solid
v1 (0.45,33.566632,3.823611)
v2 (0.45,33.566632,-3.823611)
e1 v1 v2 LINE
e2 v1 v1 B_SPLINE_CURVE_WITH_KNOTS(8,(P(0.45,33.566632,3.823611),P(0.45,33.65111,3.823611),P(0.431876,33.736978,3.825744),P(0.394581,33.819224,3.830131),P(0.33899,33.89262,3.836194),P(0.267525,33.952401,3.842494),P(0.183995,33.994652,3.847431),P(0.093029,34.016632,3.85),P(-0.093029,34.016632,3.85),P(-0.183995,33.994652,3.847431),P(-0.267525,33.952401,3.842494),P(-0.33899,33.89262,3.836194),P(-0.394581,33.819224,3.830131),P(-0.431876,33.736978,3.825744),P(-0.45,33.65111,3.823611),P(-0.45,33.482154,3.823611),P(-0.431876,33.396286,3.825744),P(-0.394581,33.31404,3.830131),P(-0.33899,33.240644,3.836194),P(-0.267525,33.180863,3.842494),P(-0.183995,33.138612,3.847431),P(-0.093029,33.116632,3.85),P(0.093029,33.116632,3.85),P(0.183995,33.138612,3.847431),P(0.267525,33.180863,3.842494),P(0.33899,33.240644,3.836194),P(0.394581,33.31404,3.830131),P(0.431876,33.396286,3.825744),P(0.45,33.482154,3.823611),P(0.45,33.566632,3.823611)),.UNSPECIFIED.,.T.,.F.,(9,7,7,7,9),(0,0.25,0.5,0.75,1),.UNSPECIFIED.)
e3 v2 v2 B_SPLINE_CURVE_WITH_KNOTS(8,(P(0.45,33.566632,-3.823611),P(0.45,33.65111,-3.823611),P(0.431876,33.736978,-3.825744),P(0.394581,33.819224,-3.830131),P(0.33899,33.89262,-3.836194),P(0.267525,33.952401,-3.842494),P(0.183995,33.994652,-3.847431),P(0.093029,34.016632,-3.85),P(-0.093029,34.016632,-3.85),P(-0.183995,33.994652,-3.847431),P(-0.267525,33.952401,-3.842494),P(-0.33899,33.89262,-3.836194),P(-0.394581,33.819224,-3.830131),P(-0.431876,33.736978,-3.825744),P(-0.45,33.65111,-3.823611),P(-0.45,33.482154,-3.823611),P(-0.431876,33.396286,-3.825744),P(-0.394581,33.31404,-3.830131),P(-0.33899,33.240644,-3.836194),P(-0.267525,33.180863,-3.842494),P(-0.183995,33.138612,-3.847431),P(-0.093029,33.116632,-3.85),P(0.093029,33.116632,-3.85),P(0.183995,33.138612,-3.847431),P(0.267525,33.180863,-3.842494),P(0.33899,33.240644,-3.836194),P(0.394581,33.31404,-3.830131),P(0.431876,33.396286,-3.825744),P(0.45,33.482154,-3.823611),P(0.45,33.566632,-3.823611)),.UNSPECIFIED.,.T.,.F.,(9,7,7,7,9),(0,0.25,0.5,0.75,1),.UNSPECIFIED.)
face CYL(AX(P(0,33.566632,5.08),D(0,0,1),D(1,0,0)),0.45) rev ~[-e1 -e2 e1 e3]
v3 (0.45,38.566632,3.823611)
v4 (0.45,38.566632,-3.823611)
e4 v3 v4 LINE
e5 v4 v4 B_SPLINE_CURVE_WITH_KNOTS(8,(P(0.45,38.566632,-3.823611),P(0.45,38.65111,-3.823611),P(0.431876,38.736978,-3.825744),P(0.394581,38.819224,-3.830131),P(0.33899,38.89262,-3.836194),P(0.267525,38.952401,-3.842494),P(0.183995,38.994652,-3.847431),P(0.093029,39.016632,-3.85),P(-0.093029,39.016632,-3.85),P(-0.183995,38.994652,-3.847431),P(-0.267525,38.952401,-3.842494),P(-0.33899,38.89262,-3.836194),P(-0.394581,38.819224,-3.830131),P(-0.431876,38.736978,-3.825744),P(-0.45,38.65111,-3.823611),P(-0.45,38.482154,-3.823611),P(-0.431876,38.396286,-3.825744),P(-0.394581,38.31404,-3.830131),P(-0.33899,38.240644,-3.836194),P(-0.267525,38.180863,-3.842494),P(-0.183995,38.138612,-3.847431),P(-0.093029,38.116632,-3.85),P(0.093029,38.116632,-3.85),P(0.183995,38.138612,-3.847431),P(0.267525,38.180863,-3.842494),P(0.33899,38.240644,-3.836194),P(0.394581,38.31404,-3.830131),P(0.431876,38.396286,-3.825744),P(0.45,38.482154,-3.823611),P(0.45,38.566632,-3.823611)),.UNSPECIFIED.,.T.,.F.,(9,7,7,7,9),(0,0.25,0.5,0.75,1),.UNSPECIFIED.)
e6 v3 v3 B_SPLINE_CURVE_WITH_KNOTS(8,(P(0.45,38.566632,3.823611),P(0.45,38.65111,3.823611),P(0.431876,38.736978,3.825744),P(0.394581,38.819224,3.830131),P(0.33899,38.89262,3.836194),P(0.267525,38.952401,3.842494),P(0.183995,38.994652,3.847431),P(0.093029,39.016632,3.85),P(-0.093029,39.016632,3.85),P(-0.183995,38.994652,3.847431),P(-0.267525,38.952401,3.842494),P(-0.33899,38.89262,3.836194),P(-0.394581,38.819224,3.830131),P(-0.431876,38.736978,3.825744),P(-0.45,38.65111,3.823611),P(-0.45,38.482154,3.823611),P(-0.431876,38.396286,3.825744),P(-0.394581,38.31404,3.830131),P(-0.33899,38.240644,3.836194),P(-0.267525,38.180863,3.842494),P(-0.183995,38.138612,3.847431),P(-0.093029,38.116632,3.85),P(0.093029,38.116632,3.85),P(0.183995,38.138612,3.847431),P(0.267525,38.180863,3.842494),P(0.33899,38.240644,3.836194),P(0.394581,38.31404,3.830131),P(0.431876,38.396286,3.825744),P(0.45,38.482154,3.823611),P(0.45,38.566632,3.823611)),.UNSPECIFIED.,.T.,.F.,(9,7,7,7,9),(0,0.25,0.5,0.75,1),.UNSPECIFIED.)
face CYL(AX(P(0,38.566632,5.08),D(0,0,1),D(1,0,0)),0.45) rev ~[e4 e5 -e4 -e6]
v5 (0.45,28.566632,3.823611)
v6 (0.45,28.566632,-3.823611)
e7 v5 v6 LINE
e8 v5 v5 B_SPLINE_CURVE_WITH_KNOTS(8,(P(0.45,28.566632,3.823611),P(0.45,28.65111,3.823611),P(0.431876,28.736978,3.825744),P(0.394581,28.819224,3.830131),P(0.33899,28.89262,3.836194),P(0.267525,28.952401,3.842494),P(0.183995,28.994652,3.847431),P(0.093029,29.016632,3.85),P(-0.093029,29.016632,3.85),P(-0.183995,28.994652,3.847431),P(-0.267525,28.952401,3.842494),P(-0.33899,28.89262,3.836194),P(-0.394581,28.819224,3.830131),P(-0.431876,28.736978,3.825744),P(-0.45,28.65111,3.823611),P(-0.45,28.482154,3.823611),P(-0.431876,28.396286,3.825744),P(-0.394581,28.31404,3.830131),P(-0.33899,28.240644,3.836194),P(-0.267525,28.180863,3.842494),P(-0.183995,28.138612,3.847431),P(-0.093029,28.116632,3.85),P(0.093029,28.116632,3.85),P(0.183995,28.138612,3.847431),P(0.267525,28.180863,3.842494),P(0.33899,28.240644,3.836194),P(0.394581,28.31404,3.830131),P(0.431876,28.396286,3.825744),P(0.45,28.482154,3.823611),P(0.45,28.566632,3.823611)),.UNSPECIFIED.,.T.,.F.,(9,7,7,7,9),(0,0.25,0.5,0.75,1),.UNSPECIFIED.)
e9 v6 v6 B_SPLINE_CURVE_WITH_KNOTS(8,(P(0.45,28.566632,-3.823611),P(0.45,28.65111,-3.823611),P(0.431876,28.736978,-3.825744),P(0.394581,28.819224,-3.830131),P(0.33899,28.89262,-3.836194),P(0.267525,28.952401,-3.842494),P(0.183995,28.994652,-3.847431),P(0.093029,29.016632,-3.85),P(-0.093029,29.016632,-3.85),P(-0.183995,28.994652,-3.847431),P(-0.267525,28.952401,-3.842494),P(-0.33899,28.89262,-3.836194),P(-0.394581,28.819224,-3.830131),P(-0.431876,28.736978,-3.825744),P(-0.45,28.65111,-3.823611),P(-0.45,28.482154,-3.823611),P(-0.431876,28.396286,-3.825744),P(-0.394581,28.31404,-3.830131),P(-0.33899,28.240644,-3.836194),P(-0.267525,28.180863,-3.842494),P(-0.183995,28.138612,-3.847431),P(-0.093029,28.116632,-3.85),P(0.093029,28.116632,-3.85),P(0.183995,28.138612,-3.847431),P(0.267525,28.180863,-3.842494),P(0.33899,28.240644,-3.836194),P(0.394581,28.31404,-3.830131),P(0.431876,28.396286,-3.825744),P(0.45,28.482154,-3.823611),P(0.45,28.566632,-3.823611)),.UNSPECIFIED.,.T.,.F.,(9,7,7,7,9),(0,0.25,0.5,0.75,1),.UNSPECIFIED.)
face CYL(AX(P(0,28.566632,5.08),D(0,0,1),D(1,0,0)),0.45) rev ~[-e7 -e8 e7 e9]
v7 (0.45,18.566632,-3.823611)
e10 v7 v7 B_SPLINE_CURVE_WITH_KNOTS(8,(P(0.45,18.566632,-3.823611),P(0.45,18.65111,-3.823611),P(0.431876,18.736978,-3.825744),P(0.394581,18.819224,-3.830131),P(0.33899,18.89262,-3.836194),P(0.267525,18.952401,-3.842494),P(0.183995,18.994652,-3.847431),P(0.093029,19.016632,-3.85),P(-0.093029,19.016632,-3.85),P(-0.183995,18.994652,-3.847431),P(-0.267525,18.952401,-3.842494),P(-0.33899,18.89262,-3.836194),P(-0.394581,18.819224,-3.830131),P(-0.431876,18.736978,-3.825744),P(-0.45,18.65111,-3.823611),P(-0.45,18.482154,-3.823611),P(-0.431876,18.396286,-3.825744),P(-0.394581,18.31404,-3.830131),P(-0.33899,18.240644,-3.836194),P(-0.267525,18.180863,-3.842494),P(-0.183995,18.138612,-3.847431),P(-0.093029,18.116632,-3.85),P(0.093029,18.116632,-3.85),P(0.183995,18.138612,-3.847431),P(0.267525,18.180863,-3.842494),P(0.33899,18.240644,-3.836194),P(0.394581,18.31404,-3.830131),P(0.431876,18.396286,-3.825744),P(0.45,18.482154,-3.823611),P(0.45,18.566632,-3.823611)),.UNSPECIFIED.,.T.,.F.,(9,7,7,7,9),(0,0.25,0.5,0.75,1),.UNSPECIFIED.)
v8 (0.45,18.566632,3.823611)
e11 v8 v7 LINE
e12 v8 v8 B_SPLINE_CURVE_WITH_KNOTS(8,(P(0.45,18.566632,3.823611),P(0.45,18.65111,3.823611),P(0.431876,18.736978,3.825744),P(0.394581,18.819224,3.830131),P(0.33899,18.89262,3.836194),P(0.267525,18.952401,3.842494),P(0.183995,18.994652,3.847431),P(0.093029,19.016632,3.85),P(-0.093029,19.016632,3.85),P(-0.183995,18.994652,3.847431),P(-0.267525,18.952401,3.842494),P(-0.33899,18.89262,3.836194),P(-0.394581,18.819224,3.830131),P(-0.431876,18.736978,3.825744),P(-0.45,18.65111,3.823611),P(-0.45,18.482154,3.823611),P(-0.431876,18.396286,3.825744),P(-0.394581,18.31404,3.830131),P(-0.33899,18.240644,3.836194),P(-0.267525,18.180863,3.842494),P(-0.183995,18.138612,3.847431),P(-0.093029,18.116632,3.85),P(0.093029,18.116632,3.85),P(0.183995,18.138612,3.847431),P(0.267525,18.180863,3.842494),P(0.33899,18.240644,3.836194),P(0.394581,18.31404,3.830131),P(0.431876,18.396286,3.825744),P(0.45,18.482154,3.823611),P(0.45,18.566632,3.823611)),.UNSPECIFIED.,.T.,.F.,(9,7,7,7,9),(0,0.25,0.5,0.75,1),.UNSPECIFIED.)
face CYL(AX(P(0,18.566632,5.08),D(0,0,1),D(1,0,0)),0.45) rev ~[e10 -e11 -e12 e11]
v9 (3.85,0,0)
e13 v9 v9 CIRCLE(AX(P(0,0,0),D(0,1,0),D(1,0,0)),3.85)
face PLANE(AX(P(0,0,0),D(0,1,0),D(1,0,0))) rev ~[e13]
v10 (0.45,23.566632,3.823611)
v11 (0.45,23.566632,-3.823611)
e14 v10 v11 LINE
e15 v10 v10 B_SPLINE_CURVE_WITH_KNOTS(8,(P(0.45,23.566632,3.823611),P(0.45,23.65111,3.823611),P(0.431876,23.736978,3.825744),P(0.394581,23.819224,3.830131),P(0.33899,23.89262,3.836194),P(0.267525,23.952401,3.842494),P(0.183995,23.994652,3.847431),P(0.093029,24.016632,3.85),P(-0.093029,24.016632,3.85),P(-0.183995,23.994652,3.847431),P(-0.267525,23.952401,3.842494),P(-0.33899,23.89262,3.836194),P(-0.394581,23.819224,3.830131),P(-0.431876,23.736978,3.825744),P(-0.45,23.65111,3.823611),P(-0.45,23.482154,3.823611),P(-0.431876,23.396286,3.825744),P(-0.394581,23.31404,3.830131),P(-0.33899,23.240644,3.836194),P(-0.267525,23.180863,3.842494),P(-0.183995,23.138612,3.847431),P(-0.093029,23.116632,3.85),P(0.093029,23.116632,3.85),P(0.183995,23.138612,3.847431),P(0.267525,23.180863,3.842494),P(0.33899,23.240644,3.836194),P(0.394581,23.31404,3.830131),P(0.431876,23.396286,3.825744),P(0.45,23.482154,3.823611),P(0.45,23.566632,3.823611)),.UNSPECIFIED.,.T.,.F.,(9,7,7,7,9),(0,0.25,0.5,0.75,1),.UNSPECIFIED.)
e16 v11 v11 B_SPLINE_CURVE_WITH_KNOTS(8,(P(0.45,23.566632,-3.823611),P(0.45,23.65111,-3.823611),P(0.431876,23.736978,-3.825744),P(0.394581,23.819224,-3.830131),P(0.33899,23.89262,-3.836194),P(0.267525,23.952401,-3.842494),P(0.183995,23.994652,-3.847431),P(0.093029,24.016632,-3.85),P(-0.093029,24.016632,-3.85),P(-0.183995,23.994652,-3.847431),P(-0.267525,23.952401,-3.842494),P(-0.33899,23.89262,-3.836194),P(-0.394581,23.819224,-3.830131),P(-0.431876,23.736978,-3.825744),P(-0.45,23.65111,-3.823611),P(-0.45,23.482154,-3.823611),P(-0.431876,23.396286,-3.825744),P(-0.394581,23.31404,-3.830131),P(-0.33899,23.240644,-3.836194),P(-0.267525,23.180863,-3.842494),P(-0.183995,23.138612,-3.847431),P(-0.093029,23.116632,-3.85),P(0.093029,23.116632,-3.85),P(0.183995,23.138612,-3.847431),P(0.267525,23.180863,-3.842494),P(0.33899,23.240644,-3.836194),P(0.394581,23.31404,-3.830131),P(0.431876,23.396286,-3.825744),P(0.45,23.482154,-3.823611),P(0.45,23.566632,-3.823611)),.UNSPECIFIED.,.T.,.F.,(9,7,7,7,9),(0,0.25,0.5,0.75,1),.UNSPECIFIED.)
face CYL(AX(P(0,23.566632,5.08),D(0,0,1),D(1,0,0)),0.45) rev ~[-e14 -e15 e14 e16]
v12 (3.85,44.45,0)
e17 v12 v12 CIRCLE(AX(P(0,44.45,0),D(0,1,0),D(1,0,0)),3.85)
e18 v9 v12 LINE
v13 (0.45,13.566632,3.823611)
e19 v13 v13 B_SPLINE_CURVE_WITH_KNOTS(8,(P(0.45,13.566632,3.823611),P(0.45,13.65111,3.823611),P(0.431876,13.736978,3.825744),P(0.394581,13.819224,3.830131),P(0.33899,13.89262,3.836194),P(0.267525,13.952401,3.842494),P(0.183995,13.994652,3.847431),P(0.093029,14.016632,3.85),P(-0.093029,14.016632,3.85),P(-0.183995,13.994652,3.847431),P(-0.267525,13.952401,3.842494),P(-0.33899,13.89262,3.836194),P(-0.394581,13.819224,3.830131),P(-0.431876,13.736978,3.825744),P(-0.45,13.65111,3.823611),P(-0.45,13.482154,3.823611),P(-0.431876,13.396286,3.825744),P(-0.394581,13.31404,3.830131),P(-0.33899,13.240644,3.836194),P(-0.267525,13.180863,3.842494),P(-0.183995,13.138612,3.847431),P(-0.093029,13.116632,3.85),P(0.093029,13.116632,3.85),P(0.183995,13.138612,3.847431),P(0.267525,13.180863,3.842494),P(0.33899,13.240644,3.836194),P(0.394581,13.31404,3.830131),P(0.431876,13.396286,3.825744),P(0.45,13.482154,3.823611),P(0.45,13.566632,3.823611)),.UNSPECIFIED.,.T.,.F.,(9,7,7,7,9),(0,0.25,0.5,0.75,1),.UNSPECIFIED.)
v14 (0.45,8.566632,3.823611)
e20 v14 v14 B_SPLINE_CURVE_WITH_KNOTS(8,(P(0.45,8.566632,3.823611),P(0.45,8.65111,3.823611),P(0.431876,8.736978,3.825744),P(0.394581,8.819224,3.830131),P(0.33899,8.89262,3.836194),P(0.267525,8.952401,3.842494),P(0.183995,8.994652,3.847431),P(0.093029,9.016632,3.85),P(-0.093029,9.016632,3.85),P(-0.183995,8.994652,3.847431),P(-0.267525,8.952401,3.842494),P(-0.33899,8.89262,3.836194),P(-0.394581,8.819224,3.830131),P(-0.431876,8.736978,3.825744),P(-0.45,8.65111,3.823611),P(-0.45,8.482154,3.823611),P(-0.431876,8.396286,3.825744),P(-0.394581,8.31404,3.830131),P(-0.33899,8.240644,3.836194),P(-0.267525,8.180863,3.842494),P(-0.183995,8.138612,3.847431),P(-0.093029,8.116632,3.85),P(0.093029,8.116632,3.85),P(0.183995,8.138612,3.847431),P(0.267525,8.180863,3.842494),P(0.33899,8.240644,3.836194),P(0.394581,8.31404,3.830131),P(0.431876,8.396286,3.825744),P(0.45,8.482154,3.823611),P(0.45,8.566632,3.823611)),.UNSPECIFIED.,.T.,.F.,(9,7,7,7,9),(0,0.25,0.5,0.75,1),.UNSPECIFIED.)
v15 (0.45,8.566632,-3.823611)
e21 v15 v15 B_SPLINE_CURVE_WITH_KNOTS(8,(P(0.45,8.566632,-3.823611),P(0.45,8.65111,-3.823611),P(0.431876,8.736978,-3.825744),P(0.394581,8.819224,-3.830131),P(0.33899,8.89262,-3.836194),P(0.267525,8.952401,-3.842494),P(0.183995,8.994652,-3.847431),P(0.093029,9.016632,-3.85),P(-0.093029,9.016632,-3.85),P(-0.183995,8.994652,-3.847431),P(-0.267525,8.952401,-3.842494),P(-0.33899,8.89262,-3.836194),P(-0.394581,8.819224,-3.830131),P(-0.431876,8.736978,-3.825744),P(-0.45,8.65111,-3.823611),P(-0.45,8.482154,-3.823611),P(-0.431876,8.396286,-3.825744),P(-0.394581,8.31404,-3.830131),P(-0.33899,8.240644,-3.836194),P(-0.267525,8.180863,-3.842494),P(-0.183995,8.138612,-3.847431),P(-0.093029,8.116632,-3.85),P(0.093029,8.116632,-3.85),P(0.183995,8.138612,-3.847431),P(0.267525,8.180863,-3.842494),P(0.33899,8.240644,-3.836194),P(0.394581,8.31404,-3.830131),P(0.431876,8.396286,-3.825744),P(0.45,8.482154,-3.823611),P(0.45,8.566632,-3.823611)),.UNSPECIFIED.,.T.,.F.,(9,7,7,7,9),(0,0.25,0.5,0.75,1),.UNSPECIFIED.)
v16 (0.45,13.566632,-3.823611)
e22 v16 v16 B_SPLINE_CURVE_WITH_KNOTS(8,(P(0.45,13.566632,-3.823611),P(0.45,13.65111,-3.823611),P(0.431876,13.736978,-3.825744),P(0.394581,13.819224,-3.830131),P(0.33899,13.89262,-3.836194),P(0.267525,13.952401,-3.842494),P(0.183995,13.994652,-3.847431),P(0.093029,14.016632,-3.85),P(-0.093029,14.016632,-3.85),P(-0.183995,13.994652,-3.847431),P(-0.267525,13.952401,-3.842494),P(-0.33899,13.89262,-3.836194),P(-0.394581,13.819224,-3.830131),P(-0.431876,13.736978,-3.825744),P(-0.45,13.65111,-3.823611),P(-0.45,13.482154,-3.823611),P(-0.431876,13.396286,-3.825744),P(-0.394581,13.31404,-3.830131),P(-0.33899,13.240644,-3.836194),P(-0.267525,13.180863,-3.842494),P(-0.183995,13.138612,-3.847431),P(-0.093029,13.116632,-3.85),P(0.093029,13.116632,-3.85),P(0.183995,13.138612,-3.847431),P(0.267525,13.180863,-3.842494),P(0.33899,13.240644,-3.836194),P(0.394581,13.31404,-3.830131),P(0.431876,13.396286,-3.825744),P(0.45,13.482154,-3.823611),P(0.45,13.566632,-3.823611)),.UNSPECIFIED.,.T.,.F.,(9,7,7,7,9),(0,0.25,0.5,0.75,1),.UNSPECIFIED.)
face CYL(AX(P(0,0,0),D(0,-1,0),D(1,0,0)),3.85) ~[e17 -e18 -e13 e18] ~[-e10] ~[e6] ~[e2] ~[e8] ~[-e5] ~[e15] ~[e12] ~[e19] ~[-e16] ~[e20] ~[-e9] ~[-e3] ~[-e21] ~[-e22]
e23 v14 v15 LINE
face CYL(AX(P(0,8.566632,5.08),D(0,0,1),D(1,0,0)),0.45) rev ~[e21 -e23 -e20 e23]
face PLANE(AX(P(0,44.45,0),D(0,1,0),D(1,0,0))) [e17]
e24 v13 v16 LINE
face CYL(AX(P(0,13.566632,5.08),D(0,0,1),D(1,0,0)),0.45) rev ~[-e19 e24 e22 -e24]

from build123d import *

# Parameters (mm, degrees)
SKETCH1_R           = 3.850000047
BOSS_EXTRUDE1_DEPTH = 44.45
SKETCH4_R           = 0.45
CUT_EXTRUDE1_DEPTH  = 10.16
LPATTERN1_COUNT     = 7
LPATTERN1_PITCH     = 5


with BuildPart() as part:
    # Sketch1 → Boss-Extrude1 (new body)
    with BuildSketch(Plane(origin=(0, 0, 0), x_dir=(1, 0, 0), z_dir=(0, 1, 0))):
        Circle(SKETCH1_R)
    extrude(amount=BOSS_EXTRUDE1_DEPTH)

    # Sketch4 → Cut-Extrude1 (cut)
    with BuildSketch(Plane.XY.offset(5.08)):
        with Locations((0, 8.566631878)):
            Circle(SKETCH4_R)
    cut_extrude1 = extrude(amount=-CUT_EXTRUDE1_DEPTH, mode=Mode.SUBTRACT)

    # LPattern1: Cut-Extrude1 ×7
    with Locations(*[(0, i * LPATTERN1_PITCH, 0) for i in range(1, LPATTERN1_COUNT)]):
        add(cut_extrude1, mode=Mode.SUBTRACT)


solid = part.part
